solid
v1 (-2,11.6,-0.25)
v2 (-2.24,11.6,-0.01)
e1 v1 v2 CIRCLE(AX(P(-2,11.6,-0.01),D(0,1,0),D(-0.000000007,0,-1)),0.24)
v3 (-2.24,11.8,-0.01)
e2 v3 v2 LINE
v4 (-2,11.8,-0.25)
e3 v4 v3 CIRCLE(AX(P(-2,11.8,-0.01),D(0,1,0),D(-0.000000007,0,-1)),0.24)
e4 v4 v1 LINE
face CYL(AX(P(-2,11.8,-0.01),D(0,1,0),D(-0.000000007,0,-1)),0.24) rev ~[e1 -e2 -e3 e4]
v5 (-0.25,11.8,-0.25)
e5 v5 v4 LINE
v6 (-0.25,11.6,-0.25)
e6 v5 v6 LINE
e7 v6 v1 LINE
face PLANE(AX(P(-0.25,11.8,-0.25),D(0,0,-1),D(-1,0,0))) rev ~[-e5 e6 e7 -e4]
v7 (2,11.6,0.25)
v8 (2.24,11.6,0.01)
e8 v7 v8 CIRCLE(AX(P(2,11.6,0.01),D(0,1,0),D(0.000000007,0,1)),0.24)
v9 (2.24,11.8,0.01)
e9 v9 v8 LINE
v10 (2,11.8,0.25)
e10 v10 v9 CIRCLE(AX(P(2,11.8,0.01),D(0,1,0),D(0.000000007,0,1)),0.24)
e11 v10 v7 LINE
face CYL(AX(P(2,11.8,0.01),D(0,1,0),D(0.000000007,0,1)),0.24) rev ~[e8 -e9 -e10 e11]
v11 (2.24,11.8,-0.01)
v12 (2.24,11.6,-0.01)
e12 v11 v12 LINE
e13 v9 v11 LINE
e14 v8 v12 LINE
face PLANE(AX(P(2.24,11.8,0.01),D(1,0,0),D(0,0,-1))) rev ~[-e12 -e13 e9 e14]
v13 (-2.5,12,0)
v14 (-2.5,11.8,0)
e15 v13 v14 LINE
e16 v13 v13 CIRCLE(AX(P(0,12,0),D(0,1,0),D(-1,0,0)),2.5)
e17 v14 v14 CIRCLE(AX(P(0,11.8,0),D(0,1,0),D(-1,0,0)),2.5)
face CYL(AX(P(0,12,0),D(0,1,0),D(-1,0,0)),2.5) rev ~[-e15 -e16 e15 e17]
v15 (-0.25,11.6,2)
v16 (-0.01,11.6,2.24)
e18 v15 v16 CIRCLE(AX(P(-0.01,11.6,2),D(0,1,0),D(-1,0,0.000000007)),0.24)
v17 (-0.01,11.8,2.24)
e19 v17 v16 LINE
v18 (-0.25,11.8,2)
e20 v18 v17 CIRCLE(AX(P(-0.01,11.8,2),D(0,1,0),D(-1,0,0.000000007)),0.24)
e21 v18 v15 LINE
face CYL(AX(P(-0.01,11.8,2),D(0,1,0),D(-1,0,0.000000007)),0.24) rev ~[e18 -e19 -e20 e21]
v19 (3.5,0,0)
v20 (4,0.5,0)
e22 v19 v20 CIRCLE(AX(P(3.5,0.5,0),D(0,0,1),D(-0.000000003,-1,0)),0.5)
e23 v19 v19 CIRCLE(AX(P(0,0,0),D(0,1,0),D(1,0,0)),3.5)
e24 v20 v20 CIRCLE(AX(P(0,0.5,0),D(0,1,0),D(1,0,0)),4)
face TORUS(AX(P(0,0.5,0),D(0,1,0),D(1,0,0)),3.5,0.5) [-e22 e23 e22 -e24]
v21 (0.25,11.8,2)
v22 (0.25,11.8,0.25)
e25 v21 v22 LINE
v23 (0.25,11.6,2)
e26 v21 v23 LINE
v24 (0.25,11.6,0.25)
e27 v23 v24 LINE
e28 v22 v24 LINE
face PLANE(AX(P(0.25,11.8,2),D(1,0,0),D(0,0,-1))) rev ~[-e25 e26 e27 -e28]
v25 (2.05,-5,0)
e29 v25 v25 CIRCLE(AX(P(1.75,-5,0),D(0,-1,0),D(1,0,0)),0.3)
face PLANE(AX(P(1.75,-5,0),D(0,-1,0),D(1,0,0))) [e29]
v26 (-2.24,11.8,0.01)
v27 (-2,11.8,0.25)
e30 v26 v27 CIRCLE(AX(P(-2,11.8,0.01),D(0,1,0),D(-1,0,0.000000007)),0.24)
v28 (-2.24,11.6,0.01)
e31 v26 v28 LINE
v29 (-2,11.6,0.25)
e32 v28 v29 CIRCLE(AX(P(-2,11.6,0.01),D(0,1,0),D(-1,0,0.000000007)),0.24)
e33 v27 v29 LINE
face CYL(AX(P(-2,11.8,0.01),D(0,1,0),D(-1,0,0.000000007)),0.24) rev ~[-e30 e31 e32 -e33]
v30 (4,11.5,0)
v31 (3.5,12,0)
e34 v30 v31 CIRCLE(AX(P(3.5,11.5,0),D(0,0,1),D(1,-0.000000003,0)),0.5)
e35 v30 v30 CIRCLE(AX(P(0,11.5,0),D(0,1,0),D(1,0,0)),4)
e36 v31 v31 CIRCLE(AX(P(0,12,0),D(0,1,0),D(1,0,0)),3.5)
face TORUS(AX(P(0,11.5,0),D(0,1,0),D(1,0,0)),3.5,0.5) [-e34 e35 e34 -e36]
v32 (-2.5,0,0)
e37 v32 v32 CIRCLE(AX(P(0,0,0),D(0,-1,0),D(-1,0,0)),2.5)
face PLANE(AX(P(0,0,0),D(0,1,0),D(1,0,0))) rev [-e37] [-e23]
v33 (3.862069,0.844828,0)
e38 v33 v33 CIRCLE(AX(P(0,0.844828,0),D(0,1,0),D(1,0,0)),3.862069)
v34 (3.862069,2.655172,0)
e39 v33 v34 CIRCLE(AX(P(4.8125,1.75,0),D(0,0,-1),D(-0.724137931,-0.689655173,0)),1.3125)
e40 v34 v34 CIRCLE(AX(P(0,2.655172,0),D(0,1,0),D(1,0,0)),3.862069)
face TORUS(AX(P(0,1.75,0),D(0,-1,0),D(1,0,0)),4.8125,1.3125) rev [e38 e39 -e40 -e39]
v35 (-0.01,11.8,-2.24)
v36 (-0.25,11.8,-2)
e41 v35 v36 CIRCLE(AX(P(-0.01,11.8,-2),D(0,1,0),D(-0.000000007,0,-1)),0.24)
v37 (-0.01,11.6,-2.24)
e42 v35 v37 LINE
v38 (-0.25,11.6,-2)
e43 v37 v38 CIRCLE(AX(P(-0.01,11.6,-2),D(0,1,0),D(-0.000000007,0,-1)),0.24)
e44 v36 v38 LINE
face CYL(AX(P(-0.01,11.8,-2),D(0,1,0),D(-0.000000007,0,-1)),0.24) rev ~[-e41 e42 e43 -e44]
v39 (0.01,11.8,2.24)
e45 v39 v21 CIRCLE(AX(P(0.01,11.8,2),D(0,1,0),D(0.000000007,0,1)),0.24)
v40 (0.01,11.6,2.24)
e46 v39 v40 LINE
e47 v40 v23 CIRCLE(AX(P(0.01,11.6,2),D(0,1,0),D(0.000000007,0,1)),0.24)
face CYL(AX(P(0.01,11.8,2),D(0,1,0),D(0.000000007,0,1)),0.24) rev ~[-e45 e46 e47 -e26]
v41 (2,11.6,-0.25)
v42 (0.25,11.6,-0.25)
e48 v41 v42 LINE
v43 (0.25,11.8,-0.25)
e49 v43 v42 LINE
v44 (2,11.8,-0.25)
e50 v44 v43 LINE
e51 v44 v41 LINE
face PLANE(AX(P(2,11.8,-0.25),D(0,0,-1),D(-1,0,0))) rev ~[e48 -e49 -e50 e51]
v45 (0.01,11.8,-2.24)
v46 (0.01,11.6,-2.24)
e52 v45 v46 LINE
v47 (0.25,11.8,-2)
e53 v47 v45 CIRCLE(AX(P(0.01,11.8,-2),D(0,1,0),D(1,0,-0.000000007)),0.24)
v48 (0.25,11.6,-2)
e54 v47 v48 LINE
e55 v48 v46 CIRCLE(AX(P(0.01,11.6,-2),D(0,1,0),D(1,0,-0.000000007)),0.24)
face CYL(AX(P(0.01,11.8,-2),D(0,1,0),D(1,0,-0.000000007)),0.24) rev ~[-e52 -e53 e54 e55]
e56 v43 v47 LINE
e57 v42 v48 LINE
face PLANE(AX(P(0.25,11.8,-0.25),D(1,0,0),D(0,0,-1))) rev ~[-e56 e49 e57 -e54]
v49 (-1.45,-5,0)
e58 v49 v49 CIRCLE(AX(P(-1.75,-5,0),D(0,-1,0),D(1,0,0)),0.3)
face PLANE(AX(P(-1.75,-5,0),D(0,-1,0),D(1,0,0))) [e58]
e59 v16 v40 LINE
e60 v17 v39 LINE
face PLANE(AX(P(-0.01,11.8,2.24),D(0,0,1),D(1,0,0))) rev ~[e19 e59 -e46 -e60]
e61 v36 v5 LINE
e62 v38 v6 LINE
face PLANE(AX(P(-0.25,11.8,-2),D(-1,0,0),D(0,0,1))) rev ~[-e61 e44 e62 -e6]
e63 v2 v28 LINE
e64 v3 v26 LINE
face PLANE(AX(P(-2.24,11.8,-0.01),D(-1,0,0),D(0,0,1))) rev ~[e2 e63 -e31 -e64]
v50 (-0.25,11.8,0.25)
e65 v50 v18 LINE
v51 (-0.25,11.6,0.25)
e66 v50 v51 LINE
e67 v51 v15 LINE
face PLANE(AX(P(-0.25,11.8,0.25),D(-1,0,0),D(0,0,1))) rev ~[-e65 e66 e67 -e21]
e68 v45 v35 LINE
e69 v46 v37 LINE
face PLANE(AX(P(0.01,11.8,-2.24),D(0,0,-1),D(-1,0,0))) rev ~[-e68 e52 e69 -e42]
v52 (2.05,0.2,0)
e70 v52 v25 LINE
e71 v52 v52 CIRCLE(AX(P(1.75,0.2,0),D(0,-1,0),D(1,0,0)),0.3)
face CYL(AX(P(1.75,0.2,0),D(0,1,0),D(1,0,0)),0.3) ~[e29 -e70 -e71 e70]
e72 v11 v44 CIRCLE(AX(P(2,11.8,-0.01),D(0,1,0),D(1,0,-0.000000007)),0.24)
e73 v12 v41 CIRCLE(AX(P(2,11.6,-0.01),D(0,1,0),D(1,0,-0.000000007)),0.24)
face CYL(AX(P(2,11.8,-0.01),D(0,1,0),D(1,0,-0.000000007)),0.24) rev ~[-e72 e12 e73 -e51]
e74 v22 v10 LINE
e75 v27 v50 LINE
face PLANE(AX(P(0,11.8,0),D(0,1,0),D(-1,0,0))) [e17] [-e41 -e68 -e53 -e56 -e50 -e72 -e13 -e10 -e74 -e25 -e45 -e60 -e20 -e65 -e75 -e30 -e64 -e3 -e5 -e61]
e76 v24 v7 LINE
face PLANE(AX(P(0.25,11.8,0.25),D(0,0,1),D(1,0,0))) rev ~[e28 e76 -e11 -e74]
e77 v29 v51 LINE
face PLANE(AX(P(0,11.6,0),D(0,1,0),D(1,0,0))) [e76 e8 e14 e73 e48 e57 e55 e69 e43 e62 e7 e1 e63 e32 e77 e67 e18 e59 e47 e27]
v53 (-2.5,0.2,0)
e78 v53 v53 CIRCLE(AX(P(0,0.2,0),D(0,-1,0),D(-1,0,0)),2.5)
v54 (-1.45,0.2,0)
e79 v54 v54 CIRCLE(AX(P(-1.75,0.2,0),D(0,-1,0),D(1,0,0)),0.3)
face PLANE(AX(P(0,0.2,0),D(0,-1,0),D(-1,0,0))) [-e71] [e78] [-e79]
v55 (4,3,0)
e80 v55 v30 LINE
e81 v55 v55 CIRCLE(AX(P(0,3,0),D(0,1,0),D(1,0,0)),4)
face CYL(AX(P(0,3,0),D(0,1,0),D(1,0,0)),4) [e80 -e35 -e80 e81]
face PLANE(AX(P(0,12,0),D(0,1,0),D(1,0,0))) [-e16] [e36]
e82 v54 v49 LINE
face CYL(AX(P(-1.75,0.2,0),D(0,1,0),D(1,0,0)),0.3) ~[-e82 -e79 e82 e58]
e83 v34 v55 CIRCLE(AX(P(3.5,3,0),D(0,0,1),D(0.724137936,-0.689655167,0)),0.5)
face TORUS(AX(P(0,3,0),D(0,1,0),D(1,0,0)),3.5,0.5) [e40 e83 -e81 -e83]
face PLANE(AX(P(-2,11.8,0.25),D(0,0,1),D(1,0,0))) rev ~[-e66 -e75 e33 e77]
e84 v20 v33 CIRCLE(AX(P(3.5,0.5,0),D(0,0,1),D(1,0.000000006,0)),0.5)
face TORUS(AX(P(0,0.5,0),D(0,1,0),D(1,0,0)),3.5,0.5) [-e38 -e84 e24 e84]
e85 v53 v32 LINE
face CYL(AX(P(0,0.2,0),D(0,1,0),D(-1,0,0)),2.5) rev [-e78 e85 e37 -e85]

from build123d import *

# Parameters (mm, degrees)
SKETCH_3_R          = 2.5
CUT_EXTRUDE_1_DEPTH = 0.2
CUT_EXTRUDE_2_DEPTH = 0.2
CUT_EXTRUDE_START   = -0.2
SKETCH_5_R          = 2.5
CUT_EXTRUDE_3_DEPTH = 0.2
SKETCH_7_R          = 0.3
EXTRUDE_2_DEPTH     = 5.2


with BuildPart() as part:
    # Эскиз2 → Повернуть1 (revolve)
    with BuildSketch(Plane.XY):
        with BuildLine():
            Line((0, 0), (3.5, 0))
            ThreePointArc((3.5, 0), (3.853553391, 0.146446609), (4, 0.5))
            ThreePointArc((4, 0.5), (3.964238345, 0.685695338), (3.862068966, 0.844827586))
            ThreePointArc((3.862068966, 0.844827586), (3.5, 1.75), (3.862068966, 2.655172414))
            ThreePointArc((3.862068966, 2.655172414), (3.964238345, 2.814304662), (4, 3))
            Line((4, 3), (4, 11.5))
            ThreePointArc((4, 11.5), (3.853553391, 11.853553391), (3.5, 12))
            Line((3.5, 12), (0, 12))
            Line((0, 12), (0, 0))
        make_face()
    revolve(axis=Axis((0, 0, 0), (0, 1, 0)))

    # Эскиз3 → Вырез-Вытянуть1 (cut)
    with BuildSketch(Plane(origin=(0, 12, 0), x_dir=(1, 0, 0), z_dir=(0, 1, 0))):
        with Locations(Location((0, 0, 0), (0, 0, 180))):
            Circle(SKETCH_3_R)
    extrude(amount=-CUT_EXTRUDE_1_DEPTH, mode=Mode.SUBTRACT)

    # Эскиз4 → Вырез-Вытянуть2 (cut)
    with BuildSketch(Plane(origin=(0, 11.8, 0), x_dir=(1, 0, 0), z_dir=(0, 1, 0))):
        with BuildLine():
            Line((-0.25, -0.25), (-0.25, -2))
            ThreePointArc((-0.25, -2), (-0.179705627, -2.169705627), (-0.01, -2.24))
            Line((-0.01, -2.24), (0.01, -2.24))
            ThreePointArc((0.01, -2.24), (0.179705627, -2.169705627), (0.25, -2))
            Line((0.25, -2), (0.25, -0.25))
            Line((0.25, -0.25), (2, -0.25))
            ThreePointArc((2, -0.25), (2.169705627, -0.179705627), (2.24, -0.01))
            Line((2.24, -0.01), (2.24, 0.01))
            ThreePointArc((2.24, 0.01), (2.169705627, 0.179705627), (2, 0.25))
            Line((2, 0.25), (0.25, 0.25))
            Line((0.25, 0.25), (0.25, 2))
            ThreePointArc((0.25, 2), (0.179705627, 2.169705627), (0.01, 2.24))
            Line((0.01, 2.24), (-0.01, 2.24))
            ThreePointArc((-0.01, 2.24), (-0.179705627, 2.169705627), (-0.25, 2))
            Line((-0.25, 2), (-0.25, 0.25))
            Line((-0.25, 0.25), (-2, 0.25))
            ThreePointArc((-2, 0.25), (-2.169705627, 0.179705627), (-2.24, 0.01))
            Line((-2.24, 0.01), (-2.24, -0.01))
            ThreePointArc((-2.24, -0.01), (-2.169705627, -0.179705627), (-2, -0.25))
            Line((-2, -0.25), (-0.25, -0.25))
        make_face()
    extrude(amount=-CUT_EXTRUDE_2_DEPTH, mode=Mode.SUBTRACT)

    # Эскиз5 → Вырез-Вытянуть3 (cut)
    with BuildSketch(Plane.XZ.offset(CUT_EXTRUDE_START)):
        with Locations(Location((0, 0, 0), (0, 0, 180))):
            Circle(SKETCH_5_R)
    extrude(amount=CUT_EXTRUDE_3_DEPTH, mode=Mode.SUBTRACT)

    # Эскиз7 → Бобышка-Вытянуть2 (add)
    with BuildSketch(Plane.XZ.offset(-0.2)):
        with Locations((-1.75, 0)):
            Circle(SKETCH_7_R)
        with Locations((1.75, 0)):
            Circle(SKETCH_7_R)
    extrude(amount=EXTRUDE_2_DEPTH)


solid = part.part
